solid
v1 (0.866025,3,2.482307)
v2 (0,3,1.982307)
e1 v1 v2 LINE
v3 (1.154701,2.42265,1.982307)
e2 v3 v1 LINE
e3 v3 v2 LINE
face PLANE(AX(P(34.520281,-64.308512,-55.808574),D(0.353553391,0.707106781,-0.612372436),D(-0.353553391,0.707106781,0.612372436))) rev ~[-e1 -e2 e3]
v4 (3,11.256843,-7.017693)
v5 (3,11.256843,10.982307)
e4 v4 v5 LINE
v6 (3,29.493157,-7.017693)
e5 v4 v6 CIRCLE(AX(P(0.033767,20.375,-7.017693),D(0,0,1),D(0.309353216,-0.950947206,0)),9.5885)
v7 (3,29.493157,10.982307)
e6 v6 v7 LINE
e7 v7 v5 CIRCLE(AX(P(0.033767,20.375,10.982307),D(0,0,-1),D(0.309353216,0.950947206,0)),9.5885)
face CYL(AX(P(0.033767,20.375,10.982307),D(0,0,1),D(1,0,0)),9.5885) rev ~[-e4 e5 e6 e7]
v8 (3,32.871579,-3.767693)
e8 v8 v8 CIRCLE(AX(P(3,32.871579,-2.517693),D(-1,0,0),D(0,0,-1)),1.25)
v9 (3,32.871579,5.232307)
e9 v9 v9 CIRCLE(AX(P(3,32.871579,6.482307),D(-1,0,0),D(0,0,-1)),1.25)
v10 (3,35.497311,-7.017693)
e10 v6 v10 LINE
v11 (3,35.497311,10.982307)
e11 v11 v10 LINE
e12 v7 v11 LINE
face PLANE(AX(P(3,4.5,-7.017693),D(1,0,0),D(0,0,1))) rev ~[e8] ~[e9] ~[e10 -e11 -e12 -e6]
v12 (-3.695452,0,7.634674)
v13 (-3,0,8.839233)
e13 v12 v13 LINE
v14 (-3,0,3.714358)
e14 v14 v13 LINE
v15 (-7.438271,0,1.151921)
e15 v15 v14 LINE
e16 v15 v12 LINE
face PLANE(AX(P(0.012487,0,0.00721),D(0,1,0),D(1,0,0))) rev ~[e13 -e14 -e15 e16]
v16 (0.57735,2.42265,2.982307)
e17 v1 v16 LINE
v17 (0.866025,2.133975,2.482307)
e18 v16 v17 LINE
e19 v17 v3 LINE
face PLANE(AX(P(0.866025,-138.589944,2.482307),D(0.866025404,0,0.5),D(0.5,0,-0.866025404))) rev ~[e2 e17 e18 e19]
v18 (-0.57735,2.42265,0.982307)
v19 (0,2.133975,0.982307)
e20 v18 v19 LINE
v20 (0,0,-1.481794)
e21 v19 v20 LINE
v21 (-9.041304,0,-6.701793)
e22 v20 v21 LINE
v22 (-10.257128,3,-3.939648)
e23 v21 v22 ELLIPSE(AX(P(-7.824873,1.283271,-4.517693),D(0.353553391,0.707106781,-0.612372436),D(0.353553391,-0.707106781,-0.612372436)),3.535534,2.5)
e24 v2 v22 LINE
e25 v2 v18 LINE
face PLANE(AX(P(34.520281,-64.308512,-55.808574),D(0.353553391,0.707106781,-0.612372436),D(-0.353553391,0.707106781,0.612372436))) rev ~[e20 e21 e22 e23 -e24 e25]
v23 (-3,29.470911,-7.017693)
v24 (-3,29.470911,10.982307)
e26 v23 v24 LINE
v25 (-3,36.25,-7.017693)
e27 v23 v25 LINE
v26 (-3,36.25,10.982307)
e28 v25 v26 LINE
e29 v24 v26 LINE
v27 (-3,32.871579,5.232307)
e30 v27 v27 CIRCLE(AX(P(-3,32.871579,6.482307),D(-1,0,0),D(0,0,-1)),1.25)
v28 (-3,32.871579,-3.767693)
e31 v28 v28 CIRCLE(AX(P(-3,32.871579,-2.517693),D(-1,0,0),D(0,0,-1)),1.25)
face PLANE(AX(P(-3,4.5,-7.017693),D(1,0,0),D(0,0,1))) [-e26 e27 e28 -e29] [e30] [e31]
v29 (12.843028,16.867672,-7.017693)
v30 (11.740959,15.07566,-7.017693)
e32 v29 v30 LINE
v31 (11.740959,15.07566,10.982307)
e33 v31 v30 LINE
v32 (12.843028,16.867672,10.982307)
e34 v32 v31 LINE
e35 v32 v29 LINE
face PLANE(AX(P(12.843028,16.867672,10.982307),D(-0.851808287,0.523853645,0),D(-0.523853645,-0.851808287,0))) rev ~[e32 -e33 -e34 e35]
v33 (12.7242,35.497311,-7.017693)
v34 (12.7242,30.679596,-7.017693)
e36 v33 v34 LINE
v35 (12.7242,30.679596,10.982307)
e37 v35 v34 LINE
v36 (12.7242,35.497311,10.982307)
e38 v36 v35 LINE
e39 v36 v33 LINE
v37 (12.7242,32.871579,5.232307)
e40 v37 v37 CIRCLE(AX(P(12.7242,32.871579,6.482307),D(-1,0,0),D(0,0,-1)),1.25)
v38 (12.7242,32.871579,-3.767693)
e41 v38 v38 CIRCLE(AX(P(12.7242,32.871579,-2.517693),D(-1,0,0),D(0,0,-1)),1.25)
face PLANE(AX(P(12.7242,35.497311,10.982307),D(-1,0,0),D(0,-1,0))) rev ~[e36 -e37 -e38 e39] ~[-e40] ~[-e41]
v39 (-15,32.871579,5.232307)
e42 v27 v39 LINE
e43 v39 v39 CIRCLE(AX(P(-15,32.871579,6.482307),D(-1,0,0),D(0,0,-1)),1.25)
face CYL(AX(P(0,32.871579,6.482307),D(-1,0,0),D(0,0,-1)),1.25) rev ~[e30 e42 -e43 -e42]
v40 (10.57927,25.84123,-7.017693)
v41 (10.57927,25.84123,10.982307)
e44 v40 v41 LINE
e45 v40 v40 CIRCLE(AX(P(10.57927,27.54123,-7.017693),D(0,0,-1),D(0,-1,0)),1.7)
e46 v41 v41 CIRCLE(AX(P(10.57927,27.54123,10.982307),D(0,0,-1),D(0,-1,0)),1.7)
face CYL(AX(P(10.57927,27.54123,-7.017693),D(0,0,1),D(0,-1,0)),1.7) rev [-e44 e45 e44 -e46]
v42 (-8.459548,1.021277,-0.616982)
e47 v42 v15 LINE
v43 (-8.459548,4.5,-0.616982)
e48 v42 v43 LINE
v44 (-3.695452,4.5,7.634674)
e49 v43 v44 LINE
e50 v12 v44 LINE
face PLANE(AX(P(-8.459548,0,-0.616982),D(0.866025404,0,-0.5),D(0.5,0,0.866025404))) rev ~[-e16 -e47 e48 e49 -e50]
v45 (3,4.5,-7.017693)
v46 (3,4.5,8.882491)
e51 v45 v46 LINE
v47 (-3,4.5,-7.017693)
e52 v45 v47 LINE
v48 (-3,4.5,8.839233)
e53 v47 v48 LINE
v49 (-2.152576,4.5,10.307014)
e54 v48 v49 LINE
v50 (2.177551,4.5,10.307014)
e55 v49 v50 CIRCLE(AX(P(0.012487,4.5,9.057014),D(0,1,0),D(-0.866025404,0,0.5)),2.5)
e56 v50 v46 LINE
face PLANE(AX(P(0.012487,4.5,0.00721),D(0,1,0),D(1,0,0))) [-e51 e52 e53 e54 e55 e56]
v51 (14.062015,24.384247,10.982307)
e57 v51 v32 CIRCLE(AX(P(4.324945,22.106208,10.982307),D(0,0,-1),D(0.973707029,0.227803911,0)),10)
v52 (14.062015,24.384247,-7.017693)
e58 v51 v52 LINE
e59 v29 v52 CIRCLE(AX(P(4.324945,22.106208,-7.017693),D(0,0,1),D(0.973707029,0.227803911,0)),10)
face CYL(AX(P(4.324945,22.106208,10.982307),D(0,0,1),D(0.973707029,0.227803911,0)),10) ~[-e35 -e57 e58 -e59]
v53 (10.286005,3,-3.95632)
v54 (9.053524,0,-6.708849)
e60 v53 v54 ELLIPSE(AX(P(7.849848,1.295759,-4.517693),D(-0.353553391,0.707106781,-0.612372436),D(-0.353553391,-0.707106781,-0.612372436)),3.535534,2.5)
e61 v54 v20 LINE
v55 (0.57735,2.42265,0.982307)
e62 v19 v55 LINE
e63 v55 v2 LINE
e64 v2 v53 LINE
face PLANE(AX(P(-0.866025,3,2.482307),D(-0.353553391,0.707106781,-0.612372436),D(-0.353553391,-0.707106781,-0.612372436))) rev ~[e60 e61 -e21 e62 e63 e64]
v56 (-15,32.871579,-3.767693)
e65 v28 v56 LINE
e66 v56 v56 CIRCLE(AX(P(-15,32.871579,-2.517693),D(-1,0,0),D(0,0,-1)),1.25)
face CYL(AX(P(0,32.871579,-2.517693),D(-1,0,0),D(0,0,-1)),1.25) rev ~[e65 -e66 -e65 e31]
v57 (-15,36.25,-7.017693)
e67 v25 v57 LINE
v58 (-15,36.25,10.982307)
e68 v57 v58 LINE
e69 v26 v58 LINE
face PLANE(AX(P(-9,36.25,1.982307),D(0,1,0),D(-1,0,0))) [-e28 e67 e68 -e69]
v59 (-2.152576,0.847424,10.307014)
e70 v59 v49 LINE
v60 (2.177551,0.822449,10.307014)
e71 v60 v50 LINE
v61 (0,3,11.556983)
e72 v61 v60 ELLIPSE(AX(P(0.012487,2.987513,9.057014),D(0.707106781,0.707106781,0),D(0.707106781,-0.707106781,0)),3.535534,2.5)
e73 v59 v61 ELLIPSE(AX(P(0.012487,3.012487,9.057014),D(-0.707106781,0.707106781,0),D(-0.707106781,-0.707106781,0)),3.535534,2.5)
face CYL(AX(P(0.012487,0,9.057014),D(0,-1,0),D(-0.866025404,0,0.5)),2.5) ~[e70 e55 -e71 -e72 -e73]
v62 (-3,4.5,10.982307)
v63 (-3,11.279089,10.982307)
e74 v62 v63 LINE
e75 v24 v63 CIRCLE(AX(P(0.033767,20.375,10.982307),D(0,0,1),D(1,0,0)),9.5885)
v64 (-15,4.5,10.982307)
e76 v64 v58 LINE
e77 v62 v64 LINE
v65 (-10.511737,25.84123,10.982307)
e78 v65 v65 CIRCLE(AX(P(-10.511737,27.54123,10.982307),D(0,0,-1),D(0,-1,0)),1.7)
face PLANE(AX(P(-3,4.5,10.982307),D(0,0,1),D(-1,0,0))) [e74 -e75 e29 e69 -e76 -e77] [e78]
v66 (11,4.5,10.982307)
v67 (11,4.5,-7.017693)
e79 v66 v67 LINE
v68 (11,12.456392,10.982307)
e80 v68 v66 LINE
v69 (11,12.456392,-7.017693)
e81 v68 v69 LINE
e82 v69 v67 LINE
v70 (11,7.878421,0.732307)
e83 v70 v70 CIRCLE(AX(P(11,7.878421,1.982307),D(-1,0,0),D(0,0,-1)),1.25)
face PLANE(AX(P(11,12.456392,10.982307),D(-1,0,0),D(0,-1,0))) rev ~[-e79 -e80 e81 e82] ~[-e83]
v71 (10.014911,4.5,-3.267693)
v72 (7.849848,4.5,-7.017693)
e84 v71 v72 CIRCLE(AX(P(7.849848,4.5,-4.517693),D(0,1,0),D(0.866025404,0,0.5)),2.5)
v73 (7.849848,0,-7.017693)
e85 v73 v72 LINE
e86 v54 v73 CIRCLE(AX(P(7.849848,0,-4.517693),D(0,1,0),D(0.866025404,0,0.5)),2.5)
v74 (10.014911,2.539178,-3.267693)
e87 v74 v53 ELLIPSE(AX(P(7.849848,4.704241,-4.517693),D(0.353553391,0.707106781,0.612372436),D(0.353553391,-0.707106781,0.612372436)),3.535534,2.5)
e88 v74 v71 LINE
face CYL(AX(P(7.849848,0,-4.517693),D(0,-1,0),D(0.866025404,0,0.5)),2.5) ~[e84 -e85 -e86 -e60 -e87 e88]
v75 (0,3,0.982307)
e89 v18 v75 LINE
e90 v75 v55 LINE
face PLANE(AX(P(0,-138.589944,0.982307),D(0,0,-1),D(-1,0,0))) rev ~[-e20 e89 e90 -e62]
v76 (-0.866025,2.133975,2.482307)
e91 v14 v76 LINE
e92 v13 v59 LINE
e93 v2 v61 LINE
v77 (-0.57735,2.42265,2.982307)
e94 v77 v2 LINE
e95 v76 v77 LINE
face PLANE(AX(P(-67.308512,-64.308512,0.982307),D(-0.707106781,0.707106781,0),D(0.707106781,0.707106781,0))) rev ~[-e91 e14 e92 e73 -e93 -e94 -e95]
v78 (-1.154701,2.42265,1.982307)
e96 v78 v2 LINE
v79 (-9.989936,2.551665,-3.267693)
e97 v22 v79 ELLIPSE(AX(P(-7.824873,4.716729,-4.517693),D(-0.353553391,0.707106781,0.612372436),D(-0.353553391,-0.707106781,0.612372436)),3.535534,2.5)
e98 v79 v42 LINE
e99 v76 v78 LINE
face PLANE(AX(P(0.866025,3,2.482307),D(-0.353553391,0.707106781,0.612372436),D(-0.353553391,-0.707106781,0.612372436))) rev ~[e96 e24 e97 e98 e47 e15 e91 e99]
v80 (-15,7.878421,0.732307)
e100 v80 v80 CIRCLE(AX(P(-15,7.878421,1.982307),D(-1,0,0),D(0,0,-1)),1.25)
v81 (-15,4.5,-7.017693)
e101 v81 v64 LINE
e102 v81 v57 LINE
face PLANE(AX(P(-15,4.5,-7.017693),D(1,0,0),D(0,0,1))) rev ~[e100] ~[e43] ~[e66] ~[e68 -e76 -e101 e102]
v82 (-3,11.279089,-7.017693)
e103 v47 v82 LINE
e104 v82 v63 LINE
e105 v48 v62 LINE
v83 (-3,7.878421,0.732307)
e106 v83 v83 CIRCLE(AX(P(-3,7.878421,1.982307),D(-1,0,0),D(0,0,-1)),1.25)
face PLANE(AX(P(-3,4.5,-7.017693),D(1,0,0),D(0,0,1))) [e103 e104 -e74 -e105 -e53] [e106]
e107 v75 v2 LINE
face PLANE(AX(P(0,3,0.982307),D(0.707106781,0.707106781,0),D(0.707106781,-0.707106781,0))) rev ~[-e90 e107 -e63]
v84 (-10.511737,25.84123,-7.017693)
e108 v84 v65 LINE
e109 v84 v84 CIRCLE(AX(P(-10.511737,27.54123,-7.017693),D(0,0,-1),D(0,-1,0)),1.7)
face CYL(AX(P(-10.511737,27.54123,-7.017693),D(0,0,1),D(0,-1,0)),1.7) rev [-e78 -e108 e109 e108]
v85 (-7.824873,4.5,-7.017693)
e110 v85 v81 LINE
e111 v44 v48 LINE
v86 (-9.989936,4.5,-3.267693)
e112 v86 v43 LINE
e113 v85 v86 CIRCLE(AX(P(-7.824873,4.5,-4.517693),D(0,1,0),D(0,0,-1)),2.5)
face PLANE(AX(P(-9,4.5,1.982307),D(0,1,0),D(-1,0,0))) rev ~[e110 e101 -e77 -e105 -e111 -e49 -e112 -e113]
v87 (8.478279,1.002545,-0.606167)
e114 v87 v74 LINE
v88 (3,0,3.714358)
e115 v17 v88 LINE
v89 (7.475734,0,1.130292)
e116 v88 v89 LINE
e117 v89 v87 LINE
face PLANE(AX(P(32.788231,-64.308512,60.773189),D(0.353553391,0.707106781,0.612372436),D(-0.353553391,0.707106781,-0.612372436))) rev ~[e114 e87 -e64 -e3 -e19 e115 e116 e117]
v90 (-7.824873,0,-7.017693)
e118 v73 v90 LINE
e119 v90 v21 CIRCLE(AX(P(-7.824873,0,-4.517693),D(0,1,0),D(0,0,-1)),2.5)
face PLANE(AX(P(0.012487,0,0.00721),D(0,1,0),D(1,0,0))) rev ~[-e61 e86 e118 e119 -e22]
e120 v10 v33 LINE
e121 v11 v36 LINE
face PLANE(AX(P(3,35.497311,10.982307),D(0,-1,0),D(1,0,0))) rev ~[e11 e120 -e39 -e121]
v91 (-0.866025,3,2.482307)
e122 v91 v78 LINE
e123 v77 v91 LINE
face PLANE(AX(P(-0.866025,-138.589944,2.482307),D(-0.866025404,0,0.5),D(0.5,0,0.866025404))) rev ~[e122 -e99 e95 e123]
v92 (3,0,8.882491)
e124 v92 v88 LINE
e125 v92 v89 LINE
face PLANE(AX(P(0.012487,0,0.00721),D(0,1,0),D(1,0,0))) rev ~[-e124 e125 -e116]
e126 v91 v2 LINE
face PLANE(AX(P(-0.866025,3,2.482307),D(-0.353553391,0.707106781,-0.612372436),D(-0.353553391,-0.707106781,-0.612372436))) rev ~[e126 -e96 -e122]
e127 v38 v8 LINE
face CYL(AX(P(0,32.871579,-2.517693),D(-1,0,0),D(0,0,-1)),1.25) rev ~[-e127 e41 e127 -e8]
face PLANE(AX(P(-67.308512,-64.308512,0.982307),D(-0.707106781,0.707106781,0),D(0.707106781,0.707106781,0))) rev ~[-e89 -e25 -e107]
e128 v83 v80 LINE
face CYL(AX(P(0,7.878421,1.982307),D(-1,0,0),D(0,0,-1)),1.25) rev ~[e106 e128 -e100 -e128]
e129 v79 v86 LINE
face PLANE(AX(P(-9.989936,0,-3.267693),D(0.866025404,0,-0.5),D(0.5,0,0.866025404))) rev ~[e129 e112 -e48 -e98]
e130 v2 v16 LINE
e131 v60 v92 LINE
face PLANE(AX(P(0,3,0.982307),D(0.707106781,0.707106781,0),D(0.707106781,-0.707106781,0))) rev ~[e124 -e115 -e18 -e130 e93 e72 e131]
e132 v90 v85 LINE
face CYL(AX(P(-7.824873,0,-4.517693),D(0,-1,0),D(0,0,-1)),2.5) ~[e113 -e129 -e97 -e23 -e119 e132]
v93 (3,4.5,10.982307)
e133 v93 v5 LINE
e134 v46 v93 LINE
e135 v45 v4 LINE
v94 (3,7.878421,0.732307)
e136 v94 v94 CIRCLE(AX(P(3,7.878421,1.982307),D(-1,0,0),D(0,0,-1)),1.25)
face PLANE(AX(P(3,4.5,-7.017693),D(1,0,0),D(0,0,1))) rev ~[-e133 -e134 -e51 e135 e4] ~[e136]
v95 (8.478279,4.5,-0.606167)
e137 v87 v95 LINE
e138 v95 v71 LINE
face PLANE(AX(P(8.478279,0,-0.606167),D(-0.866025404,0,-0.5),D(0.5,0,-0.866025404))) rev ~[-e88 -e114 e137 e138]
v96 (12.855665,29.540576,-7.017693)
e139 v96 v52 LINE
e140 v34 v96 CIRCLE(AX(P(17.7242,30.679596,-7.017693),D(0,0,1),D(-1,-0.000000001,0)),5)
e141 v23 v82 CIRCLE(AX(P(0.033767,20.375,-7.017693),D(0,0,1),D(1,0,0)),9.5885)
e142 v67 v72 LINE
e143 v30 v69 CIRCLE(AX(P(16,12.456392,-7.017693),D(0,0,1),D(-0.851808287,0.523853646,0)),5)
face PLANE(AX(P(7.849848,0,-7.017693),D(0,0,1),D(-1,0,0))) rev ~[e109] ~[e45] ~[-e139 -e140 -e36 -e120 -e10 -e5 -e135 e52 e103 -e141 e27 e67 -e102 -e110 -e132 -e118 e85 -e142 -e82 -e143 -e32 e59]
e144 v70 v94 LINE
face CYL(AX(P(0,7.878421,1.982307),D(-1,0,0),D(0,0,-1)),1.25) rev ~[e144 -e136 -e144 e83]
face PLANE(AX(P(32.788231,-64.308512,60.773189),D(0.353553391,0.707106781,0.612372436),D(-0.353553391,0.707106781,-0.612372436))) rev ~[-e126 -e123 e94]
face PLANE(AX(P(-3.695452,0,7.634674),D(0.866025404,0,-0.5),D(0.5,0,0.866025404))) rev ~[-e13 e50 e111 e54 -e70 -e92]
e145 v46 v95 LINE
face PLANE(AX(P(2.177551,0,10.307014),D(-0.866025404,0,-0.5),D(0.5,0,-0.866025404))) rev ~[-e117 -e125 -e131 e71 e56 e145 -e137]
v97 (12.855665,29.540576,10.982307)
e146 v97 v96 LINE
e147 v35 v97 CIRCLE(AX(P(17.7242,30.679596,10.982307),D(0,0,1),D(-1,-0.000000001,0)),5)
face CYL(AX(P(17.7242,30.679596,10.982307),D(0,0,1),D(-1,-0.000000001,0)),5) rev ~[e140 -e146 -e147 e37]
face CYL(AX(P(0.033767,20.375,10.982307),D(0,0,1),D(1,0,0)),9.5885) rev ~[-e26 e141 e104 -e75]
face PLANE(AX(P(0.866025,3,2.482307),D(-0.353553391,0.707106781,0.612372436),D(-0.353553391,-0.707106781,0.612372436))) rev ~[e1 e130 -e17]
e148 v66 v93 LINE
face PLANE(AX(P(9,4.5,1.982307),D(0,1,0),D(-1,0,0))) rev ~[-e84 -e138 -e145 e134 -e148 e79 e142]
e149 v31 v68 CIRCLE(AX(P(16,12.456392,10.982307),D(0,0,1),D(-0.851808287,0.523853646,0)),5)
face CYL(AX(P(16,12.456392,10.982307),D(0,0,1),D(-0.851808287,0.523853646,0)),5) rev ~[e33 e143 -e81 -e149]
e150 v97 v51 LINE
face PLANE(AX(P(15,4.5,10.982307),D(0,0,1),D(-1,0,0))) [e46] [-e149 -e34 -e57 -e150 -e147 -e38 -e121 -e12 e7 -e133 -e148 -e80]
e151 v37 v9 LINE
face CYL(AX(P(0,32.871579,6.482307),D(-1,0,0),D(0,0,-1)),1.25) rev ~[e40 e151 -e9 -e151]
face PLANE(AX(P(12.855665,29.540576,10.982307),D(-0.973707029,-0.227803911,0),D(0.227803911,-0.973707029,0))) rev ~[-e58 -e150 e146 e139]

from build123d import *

# Parameters (mm, degrees)
SKETCH2_W                      = 12
SKETCH2_H                      = 18
EXTRUDE1_DEPTH                 = 31.75
EXTRUDE1_2_DEPTH               = 31.75
SKETCH4_R                      = 9.5885
MAGNET_CAVITY_DEPTH            = 44.163207712
SKETCH18_W                     = 1.25
SKETCH18_H                     = 30
M3X0_5_TAPPED_HOLE1_AT_2_COUNT = 2
M3X0_5_TAPPED_HOLE1_AT_2_PITCH = 9
M3X0_5_TAPPED_HOLE1_AT_3_COUNT = 2
M3X0_5_TAPPED_HOLE1_AT_3_PITCH = 25.395037131
M3_CLEARANCE_HOLE1_AT_2_COUNT  = 2
M3_CLEARANCE_HOLE1_AT_2_PITCH  = 21.091007592
EXTRUDE3_DEPTH                 = 44.163207712
EXTRUDE5_DEPTH                 = 4.5
EXTRUDE8_START                 = -8
EXTRUDE8_DEPTH                 = 36.406015976
CIRPATTERN1_COUNT              = 3


with BuildPart() as part:
    # Sketch2 → Extrude1 (new body)
    with BuildSketch(Plane(origin=(0, 4.5, 0), x_dir=(-1, 0, 0), z_dir=(0, 1, 0))):
        with Locations((9, 1.982307478)):
            Rectangle(SKETCH2_W, SKETCH2_H)
    extrude(amount=EXTRUDE1_DEPTH)


with BuildPart() as body_2:
    # Sketch2 → Extrude1 2 (new body)
    with BuildSketch(Plane(origin=(0, 4.5, 0), x_dir=(-1, 0, 0), z_dir=(0, 1, 0))):
        with Locations((-9, 1.982307478)):
            Rectangle(SKETCH2_W, SKETCH2_H)
    extrude(amount=EXTRUDE1_2_DEPTH)


with BuildPart() as magnet_cavity_tool:
    # Sketch4 → Magnet Cavity (new, through all)
    with BuildSketch(Plane.XY.offset(10.982307478)):
        with Locations((0.033766691, 20.375)):
            Circle(SKETCH4_R)
    extrude(amount=-MAGNET_CAVITY_DEPTH)


with BuildPart() as part_1:
    add(part.part)

    # Magnet Cavity: cut by magnet_cavity_tool
    add(magnet_cavity_tool.part, mode=Mode.SUBTRACT)


with BuildPart() as body_2_1:
    add(body_2.part)

    # Magnet Cavity: cut by magnet_cavity_tool
    add(magnet_cavity_tool.part, mode=Mode.SUBTRACT)


with BuildPart() as m3x0_5_tapped_hole1_tool:
    # Sketch18 → M3x0.5 Tapped Hole1 (revolve)
    with BuildSketch(Plane(origin=(15, 32.871578641, 6.482307478), x_dir=(0, 0, -1), z_dir=(0, 1, 0))):
        with Locations((0.625, 15)):
            Rectangle(SKETCH18_W, SKETCH18_H)
    m3x0_5_tapped_hole1 = revolve(axis=Axis((21.35, 32.871578641, 6.482307478), (-1, 0, 0)))


with BuildPart() as part_2:
    add(part_1.part)

    # M3x0.5 Tapped Hole1: cut by m3x0_5_tapped_hole1_tool
    add(m3x0_5_tapped_hole1_tool.part, mode=Mode.SUBTRACT)


with BuildPart() as body_2_2:
    add(body_2_1.part)

    # M3x0.5 Tapped Hole1: cut by m3x0_5_tapped_hole1_tool
    add(m3x0_5_tapped_hole1_tool.part, mode=Mode.SUBTRACT)


with BuildPart() as m3x0_5_tapped_hole1_at_2_tool:
    # M3x0.5 Tapped Hole1 at 2: M3x0.5 Tapped Hole1 ×2
    with Locations(*[(0, 0, -i * M3X0_5_TAPPED_HOLE1_AT_2_PITCH) for i in range(1, M3X0_5_TAPPED_HOLE1_AT_2_COUNT)]):
        add(m3x0_5_tapped_hole1)


with BuildPart() as part_3:
    add(part_2.part)

    # M3x0.5 Tapped Hole1 at 2: cut by m3x0_5_tapped_hole1_at_2_tool
    add(m3x0_5_tapped_hole1_at_2_tool.part, mode=Mode.SUBTRACT)


with BuildPart() as body_2_3:
    add(body_2_2.part)

    # M3x0.5 Tapped Hole1 at 2: cut by m3x0_5_tapped_hole1_at_2_tool
    add(m3x0_5_tapped_hole1_at_2_tool.part, mode=Mode.SUBTRACT)


with BuildPart() as m3x0_5_tapped_hole1_at_3_tool:
    # M3x0.5 Tapped Hole1 at 3: M3x0.5 Tapped Hole1 ×2
    with Locations(*[Vector(0, -0.984174866621225, -0.1771999771757721) * (i * M3X0_5_TAPPED_HOLE1_AT_3_PITCH) for i in range(1, M3X0_5_TAPPED_HOLE1_AT_3_COUNT)]):
        add(m3x0_5_tapped_hole1)


with BuildPart() as part_4:
    add(part_3.part)

    # M3x0.5 Tapped Hole1 at 3: cut by m3x0_5_tapped_hole1_at_3_tool
    add(m3x0_5_tapped_hole1_at_3_tool.part, mode=Mode.SUBTRACT)

    # Sketch24 → M3 Clearance Hole1 (revolve, cut)
    with BuildSketch(Plane(origin=(-10.511737105, 27.54122981, 10.982307478), x_dir=(0, -1, 0), z_dir=(1, 0, 0))):
        Polygon((0, 0), (0, 19.021463052), (1.7, 18), (1.7, 0), align=None)
    m3_clearance_hole1 = revolve(axis=Axis((-10.511737105, 27.54122981, 17.332307478), (0, 0, -1)), mode=Mode.SUBTRACT)



with BuildPart() as body_2_4:
    add(body_2_3.part)

    # M3x0.5 Tapped Hole1 at 3: cut by m3x0_5_tapped_hole1_at_3_tool
    add(m3x0_5_tapped_hole1_at_3_tool.part, mode=Mode.SUBTRACT)

    # M3 Clearance Hole1 at 2: M3 Clearance Hole1 ×2
    with Locations(*[(i * M3_CLEARANCE_HOLE1_AT_2_PITCH, 0, 0) for i in range(1, M3_CLEARANCE_HOLE1_AT_2_COUNT)]):
        add(m3_clearance_hole1, mode=Mode.SUBTRACT)

    # Trim Sketch → Extrude3 (cut, through all)
    with BuildSketch(Plane.XY.offset(10.982307478)):
        with BuildLine():
            Line((11, 12.456391912), (11, 4.5))
            Line((11, 4.5), (15, 4.5))
            Line((15, 4.5), (15, 36.25))
            Line((15, 36.25), (3, 36.25))
            Line((3, 36.25), (3, 35.497310661))
            Line((3, 35.497310661), (12.724200068, 35.497310661))
            Line((12.724200068, 35.497310661), (12.724200068, 30.679595884))
            ThreePointArc((12.724200068, 30.679595884), (12.757175017, 30.10630526), (12.855664924, 29.540576328))
            Line((12.855664924, 29.540576328), (14.062015368, 24.384247359))
            ThreePointArc((14.062015368, 24.384247359), (14.195982577, 20.505390111), (12.843027952, 16.867671794))
            Line((12.843027952, 16.867671794), (11.740958564, 15.075660139))
            ThreePointArc((11.740958564, 15.075660139), (11.188804349, 13.817419615), (11, 12.456391912))
        make_face()
    extrude(amount=-EXTRUDE3_DEPTH, mode=Mode.SUBTRACT)


with BuildPart() as part_5:
    add(part_4.part)

    add(body_2_4.part)  # Extrude5 merges body 2
    # Sketch1 → Extrude5 (add)
    with BuildSketch(Plane(origin=(0, 0, 0), x_dir=(1, 0, 0), z_dir=(0, 1, 0))):
        with BuildLine():
            Line((-9.989936491, 3.267692522), (-8.459547932, 0.616981784))
            Line((-8.459547932, 0.616981784), (-3.695452068, -7.634674306))
            Line((-3.695452068, -7.634674306), (-2.152576018, -10.307014014))
            ThreePointArc((-2.152576018, -10.307014014), (0.012487492, -11.557014014), (2.177551001, -10.307014014))
            Line((2.177551001, -10.307014014), (8.47827917, 0.606167299))
            Line((8.47827917, 0.606167299), (10.014911474, 3.267692522))
            ThreePointArc((10.014911474, 3.267692522), (10.014911474, 5.767692522), (7.849847964, 7.017692522))
            Line((7.849847964, 7.017692522), (4.764095865, 7.017692522))
            Line((4.764095865, 7.017692522), (-4.764095865, 7.017692522))
            Line((-4.764095865, 7.017692522), (-7.824872981, 7.017692522))
            ThreePointArc((-7.824872981, 7.017692522), (-9.989936491, 5.767692522), (-9.989936491, 3.267692522))
        make_face()
    extrude(amount=EXTRUDE5_DEPTH)

    # Sketch29 → Extrude8 (cut, through all)
    with BuildSketch(Plane(origin=(0, 0, -7.017692522), x_dir=(-1, 0, 0), z_dir=(0, 0, -1)).offset(EXTRUDE8_START)):
        Polygon((67.30851185, -64.30851185), (3, 0), (0, 3), (-3, 0), (-67.30851185, -64.30851185), (-67.30851185, -246.200451118), (67.30851185, -246.200451118), align=None)
    extrude8 = extrude(amount=-EXTRUDE8_DEPTH, mode=Mode.SUBTRACT)

    # CirPattern1: Extrude8 ×3 about axis
    cirpattern1_axis = Axis((0, 0, 1.982307478), (0, 1, 0))
    for i in range(1, CIRPATTERN1_COUNT):
        add(extrude8.rotate(cirpattern1_axis, i * 360 / CIRPATTERN1_COUNT), mode=Mode.SUBTRACT)


solid = part_5.part
